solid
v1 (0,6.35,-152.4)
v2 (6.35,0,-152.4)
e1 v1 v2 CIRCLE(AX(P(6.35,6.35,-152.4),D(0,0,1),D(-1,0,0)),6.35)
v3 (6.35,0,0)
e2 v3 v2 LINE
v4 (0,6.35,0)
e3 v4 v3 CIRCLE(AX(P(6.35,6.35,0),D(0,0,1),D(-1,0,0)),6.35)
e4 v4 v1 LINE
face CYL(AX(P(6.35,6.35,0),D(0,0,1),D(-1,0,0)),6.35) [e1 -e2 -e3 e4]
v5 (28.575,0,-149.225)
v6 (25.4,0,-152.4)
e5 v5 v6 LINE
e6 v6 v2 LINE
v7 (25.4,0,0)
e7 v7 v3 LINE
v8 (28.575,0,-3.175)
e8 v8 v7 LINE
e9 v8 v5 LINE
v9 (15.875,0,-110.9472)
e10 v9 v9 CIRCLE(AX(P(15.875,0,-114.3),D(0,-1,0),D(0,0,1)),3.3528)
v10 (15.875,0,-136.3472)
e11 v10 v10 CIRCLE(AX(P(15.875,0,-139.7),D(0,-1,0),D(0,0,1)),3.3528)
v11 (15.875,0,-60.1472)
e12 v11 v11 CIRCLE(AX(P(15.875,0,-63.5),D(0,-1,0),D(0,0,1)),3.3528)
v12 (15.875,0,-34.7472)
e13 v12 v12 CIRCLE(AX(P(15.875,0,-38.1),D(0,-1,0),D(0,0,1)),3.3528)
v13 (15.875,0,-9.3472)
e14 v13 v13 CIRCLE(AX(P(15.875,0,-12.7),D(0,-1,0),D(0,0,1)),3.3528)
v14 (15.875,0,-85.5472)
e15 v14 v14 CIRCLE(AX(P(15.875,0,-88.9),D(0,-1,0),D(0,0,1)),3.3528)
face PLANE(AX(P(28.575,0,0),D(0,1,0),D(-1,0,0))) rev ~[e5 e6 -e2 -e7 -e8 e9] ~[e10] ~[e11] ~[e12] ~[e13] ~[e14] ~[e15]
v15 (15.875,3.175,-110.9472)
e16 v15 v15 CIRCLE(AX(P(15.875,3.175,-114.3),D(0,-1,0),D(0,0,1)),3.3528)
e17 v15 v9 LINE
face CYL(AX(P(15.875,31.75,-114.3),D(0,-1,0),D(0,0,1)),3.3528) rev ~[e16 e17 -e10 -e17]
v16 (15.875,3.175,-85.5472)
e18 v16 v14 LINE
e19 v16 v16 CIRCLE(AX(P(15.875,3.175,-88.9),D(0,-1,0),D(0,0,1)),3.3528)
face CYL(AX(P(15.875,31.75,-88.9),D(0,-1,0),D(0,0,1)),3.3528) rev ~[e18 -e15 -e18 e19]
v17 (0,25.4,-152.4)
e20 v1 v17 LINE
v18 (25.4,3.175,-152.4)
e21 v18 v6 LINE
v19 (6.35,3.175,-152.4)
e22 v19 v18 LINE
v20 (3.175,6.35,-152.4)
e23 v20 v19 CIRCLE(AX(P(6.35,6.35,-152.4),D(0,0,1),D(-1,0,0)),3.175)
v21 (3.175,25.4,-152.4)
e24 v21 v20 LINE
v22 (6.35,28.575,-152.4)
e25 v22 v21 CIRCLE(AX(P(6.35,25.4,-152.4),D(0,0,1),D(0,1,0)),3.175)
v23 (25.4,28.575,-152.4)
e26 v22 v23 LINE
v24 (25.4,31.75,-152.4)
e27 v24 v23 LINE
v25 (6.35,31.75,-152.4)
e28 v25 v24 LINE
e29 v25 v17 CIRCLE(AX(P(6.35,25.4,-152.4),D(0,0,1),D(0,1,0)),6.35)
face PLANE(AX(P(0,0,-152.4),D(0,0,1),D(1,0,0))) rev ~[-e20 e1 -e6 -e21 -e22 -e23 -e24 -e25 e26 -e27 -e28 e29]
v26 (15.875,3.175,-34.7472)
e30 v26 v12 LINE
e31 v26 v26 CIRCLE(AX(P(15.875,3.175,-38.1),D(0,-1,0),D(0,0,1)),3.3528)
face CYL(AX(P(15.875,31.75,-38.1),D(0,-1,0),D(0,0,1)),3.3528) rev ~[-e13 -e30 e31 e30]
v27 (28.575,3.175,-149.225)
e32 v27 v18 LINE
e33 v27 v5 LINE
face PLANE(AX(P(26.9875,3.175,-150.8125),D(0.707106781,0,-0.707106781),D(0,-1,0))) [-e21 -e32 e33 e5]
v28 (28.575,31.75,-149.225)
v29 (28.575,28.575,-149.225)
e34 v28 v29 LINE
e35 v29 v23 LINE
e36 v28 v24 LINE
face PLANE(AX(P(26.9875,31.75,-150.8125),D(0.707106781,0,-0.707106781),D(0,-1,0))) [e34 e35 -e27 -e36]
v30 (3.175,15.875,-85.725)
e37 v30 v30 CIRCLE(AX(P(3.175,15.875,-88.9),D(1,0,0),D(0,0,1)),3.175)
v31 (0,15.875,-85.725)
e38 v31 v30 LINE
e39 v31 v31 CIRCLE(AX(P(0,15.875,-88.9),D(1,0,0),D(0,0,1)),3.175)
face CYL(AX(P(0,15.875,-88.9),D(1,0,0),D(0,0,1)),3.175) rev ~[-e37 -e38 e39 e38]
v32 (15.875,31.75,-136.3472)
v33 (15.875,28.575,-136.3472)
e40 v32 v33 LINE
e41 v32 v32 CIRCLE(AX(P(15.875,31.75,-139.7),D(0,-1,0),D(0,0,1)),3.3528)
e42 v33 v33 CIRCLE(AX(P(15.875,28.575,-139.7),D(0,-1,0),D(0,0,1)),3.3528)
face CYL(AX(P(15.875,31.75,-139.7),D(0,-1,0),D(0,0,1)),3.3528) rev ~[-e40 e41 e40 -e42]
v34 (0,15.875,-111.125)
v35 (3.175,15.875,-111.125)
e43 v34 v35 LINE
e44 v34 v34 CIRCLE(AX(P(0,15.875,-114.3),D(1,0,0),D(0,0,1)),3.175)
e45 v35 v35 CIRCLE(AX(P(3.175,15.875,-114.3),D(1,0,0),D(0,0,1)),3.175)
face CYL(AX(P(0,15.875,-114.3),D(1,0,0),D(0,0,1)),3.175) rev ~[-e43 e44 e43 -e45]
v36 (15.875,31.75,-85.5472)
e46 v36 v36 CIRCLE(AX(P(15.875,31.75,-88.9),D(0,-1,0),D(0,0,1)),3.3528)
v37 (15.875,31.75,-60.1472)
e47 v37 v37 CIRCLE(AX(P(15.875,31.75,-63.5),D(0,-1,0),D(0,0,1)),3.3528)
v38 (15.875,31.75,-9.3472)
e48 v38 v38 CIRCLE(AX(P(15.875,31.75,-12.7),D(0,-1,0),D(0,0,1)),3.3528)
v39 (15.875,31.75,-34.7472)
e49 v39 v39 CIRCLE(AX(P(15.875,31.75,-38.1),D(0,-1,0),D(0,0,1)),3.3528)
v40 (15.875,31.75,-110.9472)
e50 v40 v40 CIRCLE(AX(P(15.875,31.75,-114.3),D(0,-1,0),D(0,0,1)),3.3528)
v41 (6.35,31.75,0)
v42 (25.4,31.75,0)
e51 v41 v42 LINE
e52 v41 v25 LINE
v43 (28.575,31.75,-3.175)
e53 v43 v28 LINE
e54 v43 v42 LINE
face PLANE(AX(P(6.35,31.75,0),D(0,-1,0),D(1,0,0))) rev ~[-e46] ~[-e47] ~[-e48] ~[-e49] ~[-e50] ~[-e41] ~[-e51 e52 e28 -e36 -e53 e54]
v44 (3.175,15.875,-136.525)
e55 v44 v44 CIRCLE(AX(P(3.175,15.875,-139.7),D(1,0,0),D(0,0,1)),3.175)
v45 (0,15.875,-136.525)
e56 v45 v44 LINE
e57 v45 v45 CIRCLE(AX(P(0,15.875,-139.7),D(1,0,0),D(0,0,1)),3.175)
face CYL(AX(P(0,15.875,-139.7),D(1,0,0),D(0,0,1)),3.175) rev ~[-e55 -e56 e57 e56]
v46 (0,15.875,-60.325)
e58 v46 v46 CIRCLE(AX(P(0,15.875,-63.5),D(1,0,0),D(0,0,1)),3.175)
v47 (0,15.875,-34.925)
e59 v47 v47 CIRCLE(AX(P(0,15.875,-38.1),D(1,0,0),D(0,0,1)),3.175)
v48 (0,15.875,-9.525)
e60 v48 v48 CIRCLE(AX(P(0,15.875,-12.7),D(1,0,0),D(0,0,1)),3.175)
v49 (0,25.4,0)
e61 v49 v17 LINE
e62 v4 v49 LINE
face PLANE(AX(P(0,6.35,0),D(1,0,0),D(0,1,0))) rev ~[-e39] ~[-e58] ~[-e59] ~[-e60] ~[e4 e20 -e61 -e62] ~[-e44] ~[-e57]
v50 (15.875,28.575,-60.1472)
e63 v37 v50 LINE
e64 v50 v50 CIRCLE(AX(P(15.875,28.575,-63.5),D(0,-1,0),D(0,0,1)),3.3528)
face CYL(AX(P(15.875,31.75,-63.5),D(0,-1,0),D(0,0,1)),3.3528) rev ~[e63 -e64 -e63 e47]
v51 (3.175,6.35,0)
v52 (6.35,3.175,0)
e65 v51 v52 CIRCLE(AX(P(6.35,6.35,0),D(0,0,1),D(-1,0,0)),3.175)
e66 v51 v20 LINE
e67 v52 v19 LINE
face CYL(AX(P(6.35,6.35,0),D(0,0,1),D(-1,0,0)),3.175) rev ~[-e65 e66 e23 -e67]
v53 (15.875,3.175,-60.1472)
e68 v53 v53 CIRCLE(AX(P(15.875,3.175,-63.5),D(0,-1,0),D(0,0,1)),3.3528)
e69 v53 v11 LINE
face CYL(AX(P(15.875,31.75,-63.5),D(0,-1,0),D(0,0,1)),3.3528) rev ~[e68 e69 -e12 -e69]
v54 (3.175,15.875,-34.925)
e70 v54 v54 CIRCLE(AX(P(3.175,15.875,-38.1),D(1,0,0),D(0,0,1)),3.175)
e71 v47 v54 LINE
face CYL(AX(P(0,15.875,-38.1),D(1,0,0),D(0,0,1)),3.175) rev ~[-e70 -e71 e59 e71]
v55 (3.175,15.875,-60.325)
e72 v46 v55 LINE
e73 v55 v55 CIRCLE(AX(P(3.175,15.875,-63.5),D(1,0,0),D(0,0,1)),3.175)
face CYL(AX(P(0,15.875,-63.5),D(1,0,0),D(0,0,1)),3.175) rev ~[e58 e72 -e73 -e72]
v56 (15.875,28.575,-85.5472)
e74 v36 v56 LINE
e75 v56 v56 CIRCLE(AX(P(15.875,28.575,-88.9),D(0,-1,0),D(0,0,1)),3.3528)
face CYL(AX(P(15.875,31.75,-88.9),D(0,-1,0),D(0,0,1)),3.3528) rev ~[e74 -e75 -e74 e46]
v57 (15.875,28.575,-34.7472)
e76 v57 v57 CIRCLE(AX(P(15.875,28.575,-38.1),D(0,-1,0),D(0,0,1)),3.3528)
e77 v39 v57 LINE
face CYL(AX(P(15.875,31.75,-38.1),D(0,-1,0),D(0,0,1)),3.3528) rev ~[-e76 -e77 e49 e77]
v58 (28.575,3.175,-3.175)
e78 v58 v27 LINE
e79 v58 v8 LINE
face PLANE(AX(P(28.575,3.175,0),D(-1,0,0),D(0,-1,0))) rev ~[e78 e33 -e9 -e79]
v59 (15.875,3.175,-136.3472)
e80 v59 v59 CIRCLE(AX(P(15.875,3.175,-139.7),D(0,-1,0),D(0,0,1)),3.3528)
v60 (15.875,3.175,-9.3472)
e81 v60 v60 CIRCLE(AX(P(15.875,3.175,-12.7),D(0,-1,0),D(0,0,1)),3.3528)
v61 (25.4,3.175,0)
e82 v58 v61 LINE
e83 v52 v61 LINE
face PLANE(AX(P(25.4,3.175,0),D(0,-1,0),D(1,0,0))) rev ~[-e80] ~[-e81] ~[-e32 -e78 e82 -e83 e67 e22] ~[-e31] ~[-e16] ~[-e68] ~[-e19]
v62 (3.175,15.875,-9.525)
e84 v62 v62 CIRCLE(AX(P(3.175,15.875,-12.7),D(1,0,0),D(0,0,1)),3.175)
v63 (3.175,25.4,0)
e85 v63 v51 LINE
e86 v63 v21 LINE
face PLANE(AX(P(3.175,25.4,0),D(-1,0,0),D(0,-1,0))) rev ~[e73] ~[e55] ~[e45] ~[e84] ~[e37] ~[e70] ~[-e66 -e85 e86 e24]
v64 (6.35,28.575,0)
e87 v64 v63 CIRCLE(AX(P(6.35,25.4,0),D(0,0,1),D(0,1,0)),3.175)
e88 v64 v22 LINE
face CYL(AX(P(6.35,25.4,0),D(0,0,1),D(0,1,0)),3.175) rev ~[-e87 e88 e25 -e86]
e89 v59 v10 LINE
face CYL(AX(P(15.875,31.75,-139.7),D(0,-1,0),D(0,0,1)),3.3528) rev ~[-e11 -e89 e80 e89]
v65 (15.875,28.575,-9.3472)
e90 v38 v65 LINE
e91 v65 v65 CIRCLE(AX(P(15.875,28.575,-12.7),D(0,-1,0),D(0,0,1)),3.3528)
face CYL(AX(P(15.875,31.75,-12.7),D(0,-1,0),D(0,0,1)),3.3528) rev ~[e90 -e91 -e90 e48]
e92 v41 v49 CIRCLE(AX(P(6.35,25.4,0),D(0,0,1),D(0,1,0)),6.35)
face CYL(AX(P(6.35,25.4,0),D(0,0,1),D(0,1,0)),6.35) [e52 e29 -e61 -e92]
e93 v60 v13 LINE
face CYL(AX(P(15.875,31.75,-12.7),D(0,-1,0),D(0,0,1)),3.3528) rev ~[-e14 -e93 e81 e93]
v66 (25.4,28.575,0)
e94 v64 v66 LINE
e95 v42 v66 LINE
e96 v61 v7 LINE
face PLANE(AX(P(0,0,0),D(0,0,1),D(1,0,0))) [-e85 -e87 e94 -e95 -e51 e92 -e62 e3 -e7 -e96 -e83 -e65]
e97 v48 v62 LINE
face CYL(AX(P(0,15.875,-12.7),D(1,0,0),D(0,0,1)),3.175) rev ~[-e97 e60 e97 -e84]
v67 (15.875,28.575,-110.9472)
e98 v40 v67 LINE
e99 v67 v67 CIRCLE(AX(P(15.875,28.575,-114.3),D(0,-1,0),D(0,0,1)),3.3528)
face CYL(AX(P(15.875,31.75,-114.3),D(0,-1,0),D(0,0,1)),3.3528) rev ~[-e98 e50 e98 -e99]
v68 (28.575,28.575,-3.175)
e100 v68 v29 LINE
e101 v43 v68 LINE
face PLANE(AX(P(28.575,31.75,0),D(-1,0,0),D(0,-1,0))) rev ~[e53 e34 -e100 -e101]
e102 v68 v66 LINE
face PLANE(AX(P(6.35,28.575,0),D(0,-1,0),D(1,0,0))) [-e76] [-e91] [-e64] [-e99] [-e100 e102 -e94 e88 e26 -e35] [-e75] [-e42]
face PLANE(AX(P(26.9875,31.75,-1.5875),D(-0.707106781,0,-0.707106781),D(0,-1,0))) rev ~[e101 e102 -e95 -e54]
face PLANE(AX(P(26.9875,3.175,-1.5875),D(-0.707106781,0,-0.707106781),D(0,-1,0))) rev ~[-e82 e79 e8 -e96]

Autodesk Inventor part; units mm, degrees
ref_plane "YZ Plane" through (0, 0, 0) normal (1, 0, 0) x (0, 1, 0)
ref_plane "XZ Plane" through (0, 0, 0) normal (0, 1, 0) x (-1, 0, 0)
ref_plane "XY Plane" through (0, 0, 0) normal (0, 0, 1) x (1, 0, 0)
sketch "Sketch1" plane through (0, 0, 0) normal (0, 0, 1) x (1, 0, 0)
  line L0 (6.35, 28.575) -> (25.4, 28.575)
  line L1 (6.35, 31.75) -> (25.4, 31.75)
  line L2 (25.4, 0) -> (6.35, 0)
  arc A0 (0, 6.35) -> (6.35, 0) centre (6.35, 6.35) ccw
  line L3 (0, 6.35) -> (0, 25.4)
  arc A1 (6.35, 31.75) -> (0, 25.4) centre (6.35, 25.4) ccw
  line L4 (6.35, 31.75) -> (25.4, 31.75)
  line L5 (25.4, 28.575) -> (6.35, 28.575)
  arc A2 (6.35, 28.575) -> (3.175, 25.4) centre (6.35, 25.4) ccw
  line L6 (3.175, 25.4) -> (3.175, 6.35)
  arc A3 (3.175, 6.35) -> (6.35, 3.175) centre (6.35, 6.35) ccw
  line L7 (6.35, 3.175) -> (25.4, 3.175)
  line L8 (28.575, 3.175) -> (28.575, 0)
  line L9 (25.4, 31.75) -> (28.575, 31.75)
  line L10 (28.575, 28.575) -> (25.4, 28.575)
  line L11 (28.575, 31.75) -> (28.575, 28.575)
  line L12 (28.575, 0) -> (25.4, 0)
  line L13 (28.575, 3.175) -> (28.575, 0)
  line L14 (25.4, 3.175) -> (28.575, 3.175)
  point P0 (0, 0)
extrude "Extrusion1" add sketch "Sketch1" against normal blind 152.4
chamfer "Chamfer1" distance 3.175 angle 45 4 edges at (28.575, 30.1625, 0) (28.575, 1.5875, 0) (28.575, 30.1625, -152.4) (28.575, 1.5875, -152.4)
sketch "Sketch2" plane through (6.35, 31.75, 0) normal (0, 1, 0) x (1, 0, 0)
  line L0 (19.05, 0) -> (0, 0) projected
  line L1 (22.225, 3.175) -> (22.225, 149.225) projected
  point P0 (-6.35, 0)
  point P1 (9.525, 12.7)
  dimension "d5" = 12.7
  dimension "d6" = 12.7
hole "Hole1" at (15.875, 31.75, -12.7) direction (0, -1, 0) diameter 6.7056 end through all
pattern_linear "Rectangular Pattern1" count 6 spacing 25.4 along (0, 0, -1) of "Hole1"
hole "Hole2" at (0, 15.875, -12.7) direction (1, 0, 0) diameter 6.35 end through all
pattern_linear "Rectangular Pattern2" count 6 spacing 25.4 along (0, 0, -1) of "Hole2"
properties part number "DBK_C-Channel_6" material "Aluminum 6061"
